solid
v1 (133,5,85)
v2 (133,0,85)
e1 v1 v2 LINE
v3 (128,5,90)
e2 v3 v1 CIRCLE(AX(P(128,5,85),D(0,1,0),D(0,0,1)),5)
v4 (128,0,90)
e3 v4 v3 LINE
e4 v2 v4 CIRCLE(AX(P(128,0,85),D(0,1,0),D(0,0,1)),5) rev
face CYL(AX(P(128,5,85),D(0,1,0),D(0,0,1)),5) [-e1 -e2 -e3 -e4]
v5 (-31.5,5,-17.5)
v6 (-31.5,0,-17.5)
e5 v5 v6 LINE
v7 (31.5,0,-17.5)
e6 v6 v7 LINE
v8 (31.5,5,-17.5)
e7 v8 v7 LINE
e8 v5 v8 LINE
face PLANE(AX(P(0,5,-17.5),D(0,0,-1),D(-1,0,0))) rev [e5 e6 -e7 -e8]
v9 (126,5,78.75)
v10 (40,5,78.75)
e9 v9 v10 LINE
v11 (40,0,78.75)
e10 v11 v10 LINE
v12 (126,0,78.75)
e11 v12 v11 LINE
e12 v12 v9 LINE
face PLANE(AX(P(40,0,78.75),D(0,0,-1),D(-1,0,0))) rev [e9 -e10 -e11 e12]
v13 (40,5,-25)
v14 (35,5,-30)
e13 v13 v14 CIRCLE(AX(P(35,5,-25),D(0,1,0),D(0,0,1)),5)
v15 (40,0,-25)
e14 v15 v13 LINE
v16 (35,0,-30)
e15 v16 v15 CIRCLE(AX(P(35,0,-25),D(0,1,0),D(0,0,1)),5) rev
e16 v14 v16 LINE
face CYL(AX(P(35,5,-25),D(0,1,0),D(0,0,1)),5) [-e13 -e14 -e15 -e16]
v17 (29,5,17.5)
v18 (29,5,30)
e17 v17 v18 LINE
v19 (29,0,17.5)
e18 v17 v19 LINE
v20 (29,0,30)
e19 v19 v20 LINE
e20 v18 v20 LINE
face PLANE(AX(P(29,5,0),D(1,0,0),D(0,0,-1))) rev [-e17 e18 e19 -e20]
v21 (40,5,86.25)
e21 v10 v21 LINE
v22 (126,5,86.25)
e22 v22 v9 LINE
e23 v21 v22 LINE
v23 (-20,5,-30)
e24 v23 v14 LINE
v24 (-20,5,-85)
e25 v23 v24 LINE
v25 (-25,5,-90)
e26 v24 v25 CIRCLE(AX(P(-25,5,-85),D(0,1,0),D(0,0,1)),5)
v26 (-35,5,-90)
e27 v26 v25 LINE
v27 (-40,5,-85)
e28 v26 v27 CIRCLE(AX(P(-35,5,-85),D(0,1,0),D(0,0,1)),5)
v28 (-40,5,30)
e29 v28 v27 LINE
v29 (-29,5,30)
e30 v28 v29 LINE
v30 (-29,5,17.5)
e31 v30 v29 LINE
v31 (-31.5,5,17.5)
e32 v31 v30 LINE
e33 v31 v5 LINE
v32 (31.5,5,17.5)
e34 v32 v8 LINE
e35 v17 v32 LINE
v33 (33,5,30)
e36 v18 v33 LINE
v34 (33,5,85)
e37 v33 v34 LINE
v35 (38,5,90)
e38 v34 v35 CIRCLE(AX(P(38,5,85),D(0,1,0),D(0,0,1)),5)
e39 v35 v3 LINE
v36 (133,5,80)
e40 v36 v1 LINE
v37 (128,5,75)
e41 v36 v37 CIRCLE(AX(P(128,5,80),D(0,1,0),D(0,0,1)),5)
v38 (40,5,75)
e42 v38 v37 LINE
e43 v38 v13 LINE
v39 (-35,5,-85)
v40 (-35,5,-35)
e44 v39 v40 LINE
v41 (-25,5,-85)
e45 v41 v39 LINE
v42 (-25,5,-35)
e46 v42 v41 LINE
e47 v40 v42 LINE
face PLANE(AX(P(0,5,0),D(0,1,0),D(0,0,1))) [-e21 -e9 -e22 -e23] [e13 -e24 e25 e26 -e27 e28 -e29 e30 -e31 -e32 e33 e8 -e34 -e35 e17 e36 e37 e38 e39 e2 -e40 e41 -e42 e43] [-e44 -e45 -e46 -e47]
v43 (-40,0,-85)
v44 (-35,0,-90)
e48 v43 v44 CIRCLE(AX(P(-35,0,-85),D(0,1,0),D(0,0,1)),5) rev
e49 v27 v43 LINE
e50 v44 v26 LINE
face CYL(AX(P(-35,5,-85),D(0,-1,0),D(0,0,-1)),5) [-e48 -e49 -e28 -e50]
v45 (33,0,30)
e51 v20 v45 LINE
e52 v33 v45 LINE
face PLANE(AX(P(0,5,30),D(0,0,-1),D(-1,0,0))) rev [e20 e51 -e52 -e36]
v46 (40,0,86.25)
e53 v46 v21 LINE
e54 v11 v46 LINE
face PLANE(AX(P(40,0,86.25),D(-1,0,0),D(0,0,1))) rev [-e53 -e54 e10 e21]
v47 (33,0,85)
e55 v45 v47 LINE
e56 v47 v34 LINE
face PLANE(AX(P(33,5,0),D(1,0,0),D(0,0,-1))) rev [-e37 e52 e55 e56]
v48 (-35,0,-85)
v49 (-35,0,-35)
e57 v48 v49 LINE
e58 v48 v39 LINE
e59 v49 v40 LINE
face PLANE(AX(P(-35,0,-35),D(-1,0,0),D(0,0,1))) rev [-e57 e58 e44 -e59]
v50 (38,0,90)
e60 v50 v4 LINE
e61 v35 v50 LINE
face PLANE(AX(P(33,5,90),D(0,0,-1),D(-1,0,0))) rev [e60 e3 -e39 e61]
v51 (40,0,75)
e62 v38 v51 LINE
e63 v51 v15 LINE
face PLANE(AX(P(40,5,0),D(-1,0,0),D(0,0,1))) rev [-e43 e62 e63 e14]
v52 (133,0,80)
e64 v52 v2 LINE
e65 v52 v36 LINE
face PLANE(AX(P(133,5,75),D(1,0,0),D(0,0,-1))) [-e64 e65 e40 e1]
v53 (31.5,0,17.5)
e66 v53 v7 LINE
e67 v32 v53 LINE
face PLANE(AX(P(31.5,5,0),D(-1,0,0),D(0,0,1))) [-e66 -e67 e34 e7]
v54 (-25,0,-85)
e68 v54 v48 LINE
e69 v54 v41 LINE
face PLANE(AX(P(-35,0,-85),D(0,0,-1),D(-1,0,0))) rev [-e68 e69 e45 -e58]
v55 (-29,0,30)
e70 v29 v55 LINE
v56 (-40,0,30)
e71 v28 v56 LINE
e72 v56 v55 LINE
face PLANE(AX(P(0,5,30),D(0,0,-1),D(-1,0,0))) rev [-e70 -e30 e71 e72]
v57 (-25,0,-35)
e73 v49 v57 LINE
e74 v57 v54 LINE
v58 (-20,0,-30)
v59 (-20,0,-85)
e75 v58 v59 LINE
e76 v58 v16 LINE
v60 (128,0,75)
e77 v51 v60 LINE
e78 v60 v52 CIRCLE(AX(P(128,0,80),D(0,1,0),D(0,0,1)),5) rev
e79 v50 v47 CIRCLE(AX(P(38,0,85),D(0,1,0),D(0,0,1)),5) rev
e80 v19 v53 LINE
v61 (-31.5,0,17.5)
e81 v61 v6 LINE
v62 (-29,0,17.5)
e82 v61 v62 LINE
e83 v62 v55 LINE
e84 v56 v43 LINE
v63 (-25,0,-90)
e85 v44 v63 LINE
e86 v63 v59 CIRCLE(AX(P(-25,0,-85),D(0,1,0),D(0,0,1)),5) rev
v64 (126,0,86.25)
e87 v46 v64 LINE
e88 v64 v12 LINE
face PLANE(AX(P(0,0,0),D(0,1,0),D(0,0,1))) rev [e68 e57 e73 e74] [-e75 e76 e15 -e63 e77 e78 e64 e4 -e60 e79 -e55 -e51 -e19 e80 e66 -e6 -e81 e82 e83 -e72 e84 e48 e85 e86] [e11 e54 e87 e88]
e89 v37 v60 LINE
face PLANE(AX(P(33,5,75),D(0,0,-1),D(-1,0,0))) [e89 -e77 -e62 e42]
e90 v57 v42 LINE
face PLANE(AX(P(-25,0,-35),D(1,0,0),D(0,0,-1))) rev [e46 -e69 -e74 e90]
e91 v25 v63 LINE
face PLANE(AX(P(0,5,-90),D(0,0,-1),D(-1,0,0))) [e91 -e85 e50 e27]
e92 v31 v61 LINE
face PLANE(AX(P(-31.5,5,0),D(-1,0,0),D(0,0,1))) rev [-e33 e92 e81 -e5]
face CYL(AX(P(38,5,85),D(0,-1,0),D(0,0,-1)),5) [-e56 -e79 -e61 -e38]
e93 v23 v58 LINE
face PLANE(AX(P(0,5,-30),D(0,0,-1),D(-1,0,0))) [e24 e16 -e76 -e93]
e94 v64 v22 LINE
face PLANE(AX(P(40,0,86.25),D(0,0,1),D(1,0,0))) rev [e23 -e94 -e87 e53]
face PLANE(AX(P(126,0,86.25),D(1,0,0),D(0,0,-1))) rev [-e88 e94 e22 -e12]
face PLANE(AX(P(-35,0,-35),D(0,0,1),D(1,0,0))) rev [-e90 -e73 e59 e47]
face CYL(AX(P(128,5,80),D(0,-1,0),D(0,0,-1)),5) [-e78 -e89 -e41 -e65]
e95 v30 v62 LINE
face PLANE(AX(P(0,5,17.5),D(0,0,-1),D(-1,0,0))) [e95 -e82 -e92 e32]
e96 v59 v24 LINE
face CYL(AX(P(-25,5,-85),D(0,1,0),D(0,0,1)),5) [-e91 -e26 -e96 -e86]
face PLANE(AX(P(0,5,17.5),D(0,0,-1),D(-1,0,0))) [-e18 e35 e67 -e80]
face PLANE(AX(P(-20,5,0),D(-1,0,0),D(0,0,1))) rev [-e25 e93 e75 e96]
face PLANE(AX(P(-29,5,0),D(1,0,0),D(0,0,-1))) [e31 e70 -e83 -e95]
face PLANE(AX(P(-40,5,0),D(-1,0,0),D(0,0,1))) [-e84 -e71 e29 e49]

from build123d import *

# Parameters (mm, degrees)
BOSS_EXTRUDE1_DEPTH = 5
FILLET2_R           = 5
SKETCH2_W           = 86
SKETCH2_H           = 7.5
SKETCH2_W_2         = 10
SKETCH2_H_2         = 50
CUT_EXTRUDE1_DEPTH  = 161.667358228


with BuildPart() as part:
    # Sketch1 → Boss-Extrude1 (new body)
    with BuildSketch(Plane(origin=(0, 0, 0), x_dir=(1, 0, 0), z_dir=(0, 1, 0))):
        Polygon((-29, -17.5), (-31.5, -17.5), (-31.5, 17.5), (31.5, 17.5), (31.5, -17.5), (29, -17.5), (29, -30), (33, -30), (33, -90), (133, -90), (133, -75), (40, -75), (40, 30), (-20, 30), (-20, 90), (-40, 90), (-40, -30), (-29, -30), align=None)
    extrude(amount=BOSS_EXTRUDE1_DEPTH)

    # Fillet2
    fillet2_edges = [part.edges().sort_by_distance(p)[0] for p in [
        (-40, 2.5, -90),
        (-20, 2.5, -90),
        (40, 2.5, -30),
        (33, 2.5, 90),
        (133, 2.5, 90),
        (133, 2.5, 75),
    ]]
    fillet(fillet2_edges, radius=FILLET2_R)

    # Sketch2 → Cut-Extrude1 (cut, through all)
    with BuildSketch(Plane(origin=(0, 5, 0), x_dir=(1, 0, 0), z_dir=(0, 1, 0))):
        with Locations((83, -82.5)):
            Rectangle(SKETCH2_W, SKETCH2_H)
        with Locations((-30, 60)):
            Rectangle(SKETCH2_W_2, SKETCH2_H_2)
    extrude(amount=-CUT_EXTRUDE1_DEPTH, mode=Mode.SUBTRACT)


solid = part.part
